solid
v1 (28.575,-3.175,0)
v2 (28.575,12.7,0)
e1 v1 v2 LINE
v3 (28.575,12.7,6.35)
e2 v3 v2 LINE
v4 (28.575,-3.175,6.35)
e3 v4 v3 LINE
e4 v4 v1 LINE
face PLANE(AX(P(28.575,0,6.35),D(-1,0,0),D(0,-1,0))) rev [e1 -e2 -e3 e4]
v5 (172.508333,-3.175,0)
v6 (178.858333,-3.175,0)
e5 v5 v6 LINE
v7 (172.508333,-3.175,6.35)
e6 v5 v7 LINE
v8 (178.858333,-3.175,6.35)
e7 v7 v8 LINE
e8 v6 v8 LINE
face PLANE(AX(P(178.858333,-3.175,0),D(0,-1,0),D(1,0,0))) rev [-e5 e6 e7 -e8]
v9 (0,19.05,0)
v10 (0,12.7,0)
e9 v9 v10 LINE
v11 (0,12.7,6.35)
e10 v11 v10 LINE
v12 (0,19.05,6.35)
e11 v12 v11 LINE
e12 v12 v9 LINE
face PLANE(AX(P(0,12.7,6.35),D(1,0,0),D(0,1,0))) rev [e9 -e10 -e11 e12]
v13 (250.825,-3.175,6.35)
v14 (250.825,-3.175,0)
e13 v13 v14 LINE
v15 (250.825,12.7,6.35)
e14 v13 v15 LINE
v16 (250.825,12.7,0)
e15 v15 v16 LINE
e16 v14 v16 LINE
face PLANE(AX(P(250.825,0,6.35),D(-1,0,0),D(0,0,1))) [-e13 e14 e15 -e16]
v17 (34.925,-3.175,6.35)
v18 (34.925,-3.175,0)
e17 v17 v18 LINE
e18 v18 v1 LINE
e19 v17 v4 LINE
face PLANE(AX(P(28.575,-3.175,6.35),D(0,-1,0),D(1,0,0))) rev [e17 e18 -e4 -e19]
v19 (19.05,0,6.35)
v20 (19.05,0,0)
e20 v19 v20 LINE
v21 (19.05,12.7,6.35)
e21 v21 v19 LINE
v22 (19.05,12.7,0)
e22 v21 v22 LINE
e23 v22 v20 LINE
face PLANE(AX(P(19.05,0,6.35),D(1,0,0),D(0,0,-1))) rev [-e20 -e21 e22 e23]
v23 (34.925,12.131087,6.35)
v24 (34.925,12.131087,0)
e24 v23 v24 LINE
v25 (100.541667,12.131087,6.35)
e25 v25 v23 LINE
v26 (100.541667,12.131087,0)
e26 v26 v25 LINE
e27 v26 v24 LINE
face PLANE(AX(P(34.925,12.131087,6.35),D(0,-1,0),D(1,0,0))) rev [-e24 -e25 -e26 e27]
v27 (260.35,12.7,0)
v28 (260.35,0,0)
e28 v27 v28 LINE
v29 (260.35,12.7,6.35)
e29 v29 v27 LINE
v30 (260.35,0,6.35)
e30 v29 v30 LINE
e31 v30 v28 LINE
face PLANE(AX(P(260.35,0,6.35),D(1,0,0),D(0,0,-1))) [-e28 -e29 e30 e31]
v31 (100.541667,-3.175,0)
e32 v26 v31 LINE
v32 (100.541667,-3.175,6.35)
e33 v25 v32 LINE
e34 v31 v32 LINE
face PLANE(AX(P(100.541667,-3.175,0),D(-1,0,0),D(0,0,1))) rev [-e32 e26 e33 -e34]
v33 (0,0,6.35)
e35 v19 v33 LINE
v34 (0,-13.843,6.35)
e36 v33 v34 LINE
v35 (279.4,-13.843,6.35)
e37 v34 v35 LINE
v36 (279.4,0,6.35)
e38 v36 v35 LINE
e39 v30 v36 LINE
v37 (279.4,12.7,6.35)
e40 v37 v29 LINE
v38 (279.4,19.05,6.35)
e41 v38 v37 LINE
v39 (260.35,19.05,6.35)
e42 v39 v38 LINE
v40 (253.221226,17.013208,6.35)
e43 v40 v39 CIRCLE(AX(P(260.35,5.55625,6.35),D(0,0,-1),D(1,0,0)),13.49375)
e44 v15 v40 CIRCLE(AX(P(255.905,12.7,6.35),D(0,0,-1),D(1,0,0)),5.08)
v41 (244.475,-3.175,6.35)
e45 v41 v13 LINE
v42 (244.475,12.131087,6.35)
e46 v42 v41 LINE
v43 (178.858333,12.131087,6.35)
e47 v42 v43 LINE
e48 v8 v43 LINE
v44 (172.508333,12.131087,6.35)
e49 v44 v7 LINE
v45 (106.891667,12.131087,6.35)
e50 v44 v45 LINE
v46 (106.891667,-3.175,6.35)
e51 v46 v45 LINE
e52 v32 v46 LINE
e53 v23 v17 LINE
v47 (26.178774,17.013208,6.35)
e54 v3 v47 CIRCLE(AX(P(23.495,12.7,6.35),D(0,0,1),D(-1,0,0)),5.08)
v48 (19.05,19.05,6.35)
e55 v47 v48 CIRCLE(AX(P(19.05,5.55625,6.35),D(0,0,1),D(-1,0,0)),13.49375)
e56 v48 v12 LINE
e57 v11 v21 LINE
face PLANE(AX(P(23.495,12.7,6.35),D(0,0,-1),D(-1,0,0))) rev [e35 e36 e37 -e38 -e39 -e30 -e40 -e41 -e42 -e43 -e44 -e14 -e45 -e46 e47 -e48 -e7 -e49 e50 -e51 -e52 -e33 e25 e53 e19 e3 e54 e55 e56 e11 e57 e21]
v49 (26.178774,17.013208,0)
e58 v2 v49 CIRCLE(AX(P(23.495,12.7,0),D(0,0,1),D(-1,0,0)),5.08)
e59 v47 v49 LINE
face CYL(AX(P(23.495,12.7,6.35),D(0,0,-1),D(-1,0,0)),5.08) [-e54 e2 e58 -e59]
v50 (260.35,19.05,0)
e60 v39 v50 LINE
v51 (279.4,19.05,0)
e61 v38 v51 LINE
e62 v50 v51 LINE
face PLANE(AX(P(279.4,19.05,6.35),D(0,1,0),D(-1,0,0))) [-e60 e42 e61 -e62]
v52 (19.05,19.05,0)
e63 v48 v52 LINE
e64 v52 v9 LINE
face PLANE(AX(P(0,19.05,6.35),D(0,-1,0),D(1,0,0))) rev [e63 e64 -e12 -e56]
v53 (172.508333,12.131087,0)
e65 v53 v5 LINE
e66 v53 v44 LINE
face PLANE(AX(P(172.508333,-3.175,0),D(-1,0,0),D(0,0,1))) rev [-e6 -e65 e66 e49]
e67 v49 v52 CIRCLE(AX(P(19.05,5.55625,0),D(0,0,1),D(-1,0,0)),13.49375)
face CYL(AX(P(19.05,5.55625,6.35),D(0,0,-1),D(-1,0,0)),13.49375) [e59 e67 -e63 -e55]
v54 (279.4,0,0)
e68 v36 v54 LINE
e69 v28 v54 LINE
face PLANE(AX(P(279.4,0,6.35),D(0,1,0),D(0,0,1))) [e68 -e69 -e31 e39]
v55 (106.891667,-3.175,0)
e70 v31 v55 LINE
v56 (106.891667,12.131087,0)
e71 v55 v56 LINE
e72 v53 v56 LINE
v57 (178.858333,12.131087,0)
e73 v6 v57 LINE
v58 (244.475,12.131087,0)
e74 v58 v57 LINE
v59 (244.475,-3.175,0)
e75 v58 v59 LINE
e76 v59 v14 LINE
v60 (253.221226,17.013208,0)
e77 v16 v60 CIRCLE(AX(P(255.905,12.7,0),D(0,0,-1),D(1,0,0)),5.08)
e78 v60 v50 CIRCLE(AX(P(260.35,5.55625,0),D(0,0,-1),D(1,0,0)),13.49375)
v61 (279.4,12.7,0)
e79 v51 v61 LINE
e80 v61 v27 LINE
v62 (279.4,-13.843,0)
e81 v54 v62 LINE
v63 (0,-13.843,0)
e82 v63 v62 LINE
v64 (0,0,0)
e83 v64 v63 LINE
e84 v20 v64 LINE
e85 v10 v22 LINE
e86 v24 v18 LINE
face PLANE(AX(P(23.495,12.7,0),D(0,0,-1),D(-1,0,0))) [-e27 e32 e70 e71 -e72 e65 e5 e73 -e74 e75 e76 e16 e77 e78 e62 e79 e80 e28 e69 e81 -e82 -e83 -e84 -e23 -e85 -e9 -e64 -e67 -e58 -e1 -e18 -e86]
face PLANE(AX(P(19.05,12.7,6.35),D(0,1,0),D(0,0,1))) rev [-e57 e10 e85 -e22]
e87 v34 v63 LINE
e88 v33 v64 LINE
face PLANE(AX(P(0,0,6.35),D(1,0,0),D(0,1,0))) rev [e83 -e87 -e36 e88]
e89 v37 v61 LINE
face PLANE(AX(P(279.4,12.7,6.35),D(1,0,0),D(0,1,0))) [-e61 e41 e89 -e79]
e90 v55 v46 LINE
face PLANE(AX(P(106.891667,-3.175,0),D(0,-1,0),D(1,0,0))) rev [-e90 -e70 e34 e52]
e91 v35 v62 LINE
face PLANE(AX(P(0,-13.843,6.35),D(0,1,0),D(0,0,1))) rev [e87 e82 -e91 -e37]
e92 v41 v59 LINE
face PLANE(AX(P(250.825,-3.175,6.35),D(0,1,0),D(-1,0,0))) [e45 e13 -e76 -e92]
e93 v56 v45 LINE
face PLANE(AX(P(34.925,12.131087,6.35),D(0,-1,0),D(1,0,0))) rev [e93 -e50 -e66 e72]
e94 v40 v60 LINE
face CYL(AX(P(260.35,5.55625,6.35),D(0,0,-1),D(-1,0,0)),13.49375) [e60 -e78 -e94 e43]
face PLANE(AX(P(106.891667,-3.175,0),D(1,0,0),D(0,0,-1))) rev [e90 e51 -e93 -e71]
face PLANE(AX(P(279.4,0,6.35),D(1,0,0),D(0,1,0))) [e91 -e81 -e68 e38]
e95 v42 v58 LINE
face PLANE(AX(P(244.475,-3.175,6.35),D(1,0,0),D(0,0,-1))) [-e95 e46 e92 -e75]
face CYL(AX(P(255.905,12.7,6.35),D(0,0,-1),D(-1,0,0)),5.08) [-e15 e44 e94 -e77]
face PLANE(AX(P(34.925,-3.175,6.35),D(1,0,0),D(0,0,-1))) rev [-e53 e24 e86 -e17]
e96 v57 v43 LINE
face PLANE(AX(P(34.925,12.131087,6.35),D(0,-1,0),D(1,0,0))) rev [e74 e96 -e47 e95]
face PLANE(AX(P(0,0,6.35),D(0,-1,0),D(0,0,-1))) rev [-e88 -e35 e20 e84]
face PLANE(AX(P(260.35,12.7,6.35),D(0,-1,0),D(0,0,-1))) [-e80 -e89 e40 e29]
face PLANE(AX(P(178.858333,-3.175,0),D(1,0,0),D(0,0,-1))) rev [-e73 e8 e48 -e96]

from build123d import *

# Parameters (mm, degrees)
BOSS_EXTRUDE1_DEPTH = 6.35
SKETCH2_W           = 6.35
SKETCH2_H           = 15.306086647
CUT_EXTRUDE1_DEPTH  = 281.120661501


with BuildPart() as part:
    # Sketch1 → Boss-Extrude1 (new body)
    with BuildSketch(Plane.XY):
        with BuildLine():
            Line((0, 0), (19.05, 0))
            Line((19.05, 0), (19.05, 12.7))
            Line((19.05, 12.7), (0, 12.7))
            Line((0, 12.7), (0, 19.05))
            Line((0, 19.05), (19.05, 19.05))
            ThreePointArc((19.05, 19.05), (22.75701822, 18.530813768), (26.178773585, 17.013207547))
            ThreePointArc((26.178773585, 17.013207547), (27.935718963, 15.16706609), (28.575, 12.7))
            Line((28.575, 12.7), (28.575, 0))
            Line((28.575, 0), (28.575, -3.175))
            Line((28.575, -3.175), (34.925, -3.175))
            Line((34.925, -3.175), (34.925, 12.131086647))
            Line((34.925, 12.131086647), (139.7, 12.131086647))
            Line((139.7, 12.131086647), (139.7, -13.843))
            Line((139.7, -13.843), (0, -13.843))
            Line((0, -13.843), (0, 0))
        make_face()
    boss_extrude1 = extrude(amount=BOSS_EXTRUDE1_DEPTH)

    # Mirror1: Boss-Extrude1 across plane
    add(boss_extrude1.mirror(Plane(origin=(139.7, 12.131086647, 6.35), x_dir=(0, 0, 1), z_dir=(-1, 0, 0))))

    # Sketch2 → Cut-Extrude1 (cut, through all)
    with BuildSketch(Plane.XY.offset(6.35)):
        with Locations((103.716666667, 4.478043323)):
            Rectangle(SKETCH2_W, SKETCH2_H)
        with Locations((175.683333333, 4.478043323)):
            Rectangle(SKETCH2_W, SKETCH2_H)
    extrude(amount=-CUT_EXTRUDE1_DEPTH, mode=Mode.SUBTRACT)


solid = part.part
